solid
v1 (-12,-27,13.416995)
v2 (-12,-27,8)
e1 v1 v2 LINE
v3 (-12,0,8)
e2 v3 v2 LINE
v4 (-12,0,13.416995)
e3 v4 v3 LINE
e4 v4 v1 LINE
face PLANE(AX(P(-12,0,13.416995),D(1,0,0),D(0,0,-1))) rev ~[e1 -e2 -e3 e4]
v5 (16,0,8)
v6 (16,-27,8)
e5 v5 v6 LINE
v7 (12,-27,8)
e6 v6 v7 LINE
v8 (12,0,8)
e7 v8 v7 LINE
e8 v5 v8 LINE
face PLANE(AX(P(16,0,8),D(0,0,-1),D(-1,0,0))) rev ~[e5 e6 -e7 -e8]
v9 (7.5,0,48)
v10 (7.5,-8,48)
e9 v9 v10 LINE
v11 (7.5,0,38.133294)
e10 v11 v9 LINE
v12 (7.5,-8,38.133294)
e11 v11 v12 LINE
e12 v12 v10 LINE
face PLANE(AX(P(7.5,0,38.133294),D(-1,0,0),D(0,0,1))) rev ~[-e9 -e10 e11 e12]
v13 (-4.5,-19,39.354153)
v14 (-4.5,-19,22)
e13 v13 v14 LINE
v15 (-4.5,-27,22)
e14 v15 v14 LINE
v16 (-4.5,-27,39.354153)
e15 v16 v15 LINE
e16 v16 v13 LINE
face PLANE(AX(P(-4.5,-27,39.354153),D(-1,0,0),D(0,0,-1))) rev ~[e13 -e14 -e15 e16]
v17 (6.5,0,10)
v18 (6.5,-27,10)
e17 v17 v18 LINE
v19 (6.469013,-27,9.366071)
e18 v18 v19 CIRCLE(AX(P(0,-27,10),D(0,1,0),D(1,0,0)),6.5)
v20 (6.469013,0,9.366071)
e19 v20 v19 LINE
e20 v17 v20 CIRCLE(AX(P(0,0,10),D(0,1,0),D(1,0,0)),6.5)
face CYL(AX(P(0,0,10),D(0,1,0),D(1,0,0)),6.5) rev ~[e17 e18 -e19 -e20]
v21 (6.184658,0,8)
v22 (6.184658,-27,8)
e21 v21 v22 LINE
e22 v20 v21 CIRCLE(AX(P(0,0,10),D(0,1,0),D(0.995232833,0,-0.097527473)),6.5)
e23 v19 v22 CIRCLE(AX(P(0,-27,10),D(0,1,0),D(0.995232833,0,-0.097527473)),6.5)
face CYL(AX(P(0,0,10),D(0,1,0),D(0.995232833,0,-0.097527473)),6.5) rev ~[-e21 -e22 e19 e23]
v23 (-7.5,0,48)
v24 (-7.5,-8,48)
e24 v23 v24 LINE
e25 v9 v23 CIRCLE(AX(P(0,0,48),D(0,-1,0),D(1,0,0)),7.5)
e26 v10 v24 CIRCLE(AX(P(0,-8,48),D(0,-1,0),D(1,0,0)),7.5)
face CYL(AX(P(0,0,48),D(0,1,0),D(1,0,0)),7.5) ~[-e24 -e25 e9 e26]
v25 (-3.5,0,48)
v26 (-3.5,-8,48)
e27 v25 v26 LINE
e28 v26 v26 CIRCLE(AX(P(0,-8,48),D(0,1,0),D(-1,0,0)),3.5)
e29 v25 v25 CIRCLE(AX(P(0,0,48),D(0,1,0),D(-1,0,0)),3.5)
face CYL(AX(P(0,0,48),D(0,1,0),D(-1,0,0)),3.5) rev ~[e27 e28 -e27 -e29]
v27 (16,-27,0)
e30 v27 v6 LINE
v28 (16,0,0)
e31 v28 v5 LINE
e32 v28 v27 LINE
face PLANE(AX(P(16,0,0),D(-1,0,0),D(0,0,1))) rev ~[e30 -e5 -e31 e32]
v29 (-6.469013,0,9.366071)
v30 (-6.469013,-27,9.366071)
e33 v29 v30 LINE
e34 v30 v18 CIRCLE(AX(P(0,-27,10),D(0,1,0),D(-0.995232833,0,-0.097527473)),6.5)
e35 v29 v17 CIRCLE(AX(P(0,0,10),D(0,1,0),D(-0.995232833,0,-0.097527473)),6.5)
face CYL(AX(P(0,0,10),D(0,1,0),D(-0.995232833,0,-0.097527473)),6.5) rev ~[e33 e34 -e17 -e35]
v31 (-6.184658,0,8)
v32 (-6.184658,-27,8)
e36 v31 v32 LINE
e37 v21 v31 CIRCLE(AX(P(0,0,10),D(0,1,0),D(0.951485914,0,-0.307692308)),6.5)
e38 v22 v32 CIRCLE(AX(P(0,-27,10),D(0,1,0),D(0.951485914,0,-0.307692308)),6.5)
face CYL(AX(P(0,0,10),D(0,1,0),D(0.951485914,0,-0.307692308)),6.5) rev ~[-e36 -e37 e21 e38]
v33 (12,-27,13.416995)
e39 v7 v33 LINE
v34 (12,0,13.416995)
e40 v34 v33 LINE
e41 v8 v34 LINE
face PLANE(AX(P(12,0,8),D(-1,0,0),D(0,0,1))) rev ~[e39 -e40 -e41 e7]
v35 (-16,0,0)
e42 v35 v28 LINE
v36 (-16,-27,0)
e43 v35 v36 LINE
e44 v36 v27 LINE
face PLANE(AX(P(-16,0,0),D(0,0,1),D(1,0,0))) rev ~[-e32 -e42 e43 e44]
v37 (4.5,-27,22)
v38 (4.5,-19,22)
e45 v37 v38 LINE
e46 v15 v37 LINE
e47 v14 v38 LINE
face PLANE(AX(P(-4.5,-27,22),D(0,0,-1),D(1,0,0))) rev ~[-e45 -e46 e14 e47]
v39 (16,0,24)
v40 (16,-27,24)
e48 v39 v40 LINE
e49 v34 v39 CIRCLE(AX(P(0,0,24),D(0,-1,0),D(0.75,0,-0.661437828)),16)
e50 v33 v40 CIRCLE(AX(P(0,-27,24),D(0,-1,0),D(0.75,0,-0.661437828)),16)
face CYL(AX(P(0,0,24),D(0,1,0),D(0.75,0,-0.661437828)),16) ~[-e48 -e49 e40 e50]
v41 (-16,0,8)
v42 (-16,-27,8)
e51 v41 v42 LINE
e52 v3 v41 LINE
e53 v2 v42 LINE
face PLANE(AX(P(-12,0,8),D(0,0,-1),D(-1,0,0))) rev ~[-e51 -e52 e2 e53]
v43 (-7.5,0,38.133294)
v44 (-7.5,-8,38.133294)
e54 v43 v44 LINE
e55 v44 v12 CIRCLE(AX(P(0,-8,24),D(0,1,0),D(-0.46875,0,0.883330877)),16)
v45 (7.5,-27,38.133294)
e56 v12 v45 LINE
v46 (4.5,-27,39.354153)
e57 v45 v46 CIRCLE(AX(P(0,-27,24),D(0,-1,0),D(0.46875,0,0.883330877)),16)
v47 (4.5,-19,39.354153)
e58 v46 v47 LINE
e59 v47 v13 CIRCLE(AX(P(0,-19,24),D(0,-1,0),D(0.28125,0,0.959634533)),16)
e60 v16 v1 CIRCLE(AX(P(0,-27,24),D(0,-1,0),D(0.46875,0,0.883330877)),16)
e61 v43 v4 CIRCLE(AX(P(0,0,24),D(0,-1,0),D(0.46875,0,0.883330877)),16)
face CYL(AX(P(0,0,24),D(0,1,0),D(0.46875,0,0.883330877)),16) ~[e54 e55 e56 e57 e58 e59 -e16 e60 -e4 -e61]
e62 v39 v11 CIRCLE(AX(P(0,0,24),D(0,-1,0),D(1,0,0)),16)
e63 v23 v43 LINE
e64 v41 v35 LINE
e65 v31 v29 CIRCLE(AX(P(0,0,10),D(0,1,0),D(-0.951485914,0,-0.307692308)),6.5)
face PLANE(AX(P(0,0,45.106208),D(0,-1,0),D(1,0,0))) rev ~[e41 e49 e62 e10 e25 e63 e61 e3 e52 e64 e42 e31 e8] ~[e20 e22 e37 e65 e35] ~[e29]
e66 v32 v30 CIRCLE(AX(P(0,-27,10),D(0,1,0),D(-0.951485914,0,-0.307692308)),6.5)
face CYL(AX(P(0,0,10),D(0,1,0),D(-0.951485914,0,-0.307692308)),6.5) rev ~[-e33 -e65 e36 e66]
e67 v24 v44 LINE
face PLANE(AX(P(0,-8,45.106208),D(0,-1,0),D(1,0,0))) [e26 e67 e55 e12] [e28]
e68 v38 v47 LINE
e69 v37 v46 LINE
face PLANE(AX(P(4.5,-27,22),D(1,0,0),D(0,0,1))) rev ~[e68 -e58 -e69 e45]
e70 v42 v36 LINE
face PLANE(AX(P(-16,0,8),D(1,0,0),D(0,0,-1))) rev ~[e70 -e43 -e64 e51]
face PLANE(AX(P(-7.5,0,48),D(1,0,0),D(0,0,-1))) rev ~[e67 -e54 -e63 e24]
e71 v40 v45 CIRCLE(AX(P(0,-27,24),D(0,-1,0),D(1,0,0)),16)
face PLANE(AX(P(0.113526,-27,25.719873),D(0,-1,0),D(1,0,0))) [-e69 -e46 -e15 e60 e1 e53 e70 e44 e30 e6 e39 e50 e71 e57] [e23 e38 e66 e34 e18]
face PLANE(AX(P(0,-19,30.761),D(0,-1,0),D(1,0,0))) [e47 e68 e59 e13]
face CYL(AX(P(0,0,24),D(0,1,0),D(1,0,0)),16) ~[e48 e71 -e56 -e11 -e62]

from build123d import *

# Parameters (mm, degrees)
F1_DEPTH = 27
F2_DEPTH = 8
F4_DEPTH = 8


with BuildPart() as f1:
    # F0 (on Front) → F1 (new body)
    with BuildSketch(Plane.XZ):
        with BuildLine():
            ThreePointArc((-7.5, 38.1332940251), (-15.7412312858, 26.8659444529), (-12, 13.4169947557))
            Line((-12, 13.4169947557), (-12, 22))
            Line((-12, 22), (12, 22))
            Line((12, 22), (12, 13.4169947557))
            ThreePointArc((12, 13.4169947557), (14.9666295471, 18.3431457505), (16, 24))
            ThreePointArc((16, 24), (13.7113092008, 32.2462112512), (7.5, 38.1332940251))
            Line((7.5, 38.1332940251), (-7.5, 38.1332940251))
        make_face()
        with BuildLine():
            Line((-12, 22), (-12, 13.4169947557))
            ThreePointArc((-12, 13.4169947557), (-9.454026078, 11.091809154), (-6.4690134152, 9.3660714286))
            ThreePointArc((-6.4690134152, 9.3660714286), (-0.3173427178, 16.4922487321), (6.5, 10))
            ThreePointArc((6.5, 10), (6.4922487321, 9.6826572822), (6.4690134152, 9.3660714286))
            ThreePointArc((6.4690134152, 9.3660714286), (9.454026078, 11.091809154), (12, 13.4169947557))
            Line((12, 13.4169947557), (12, 22))
            Line((12, 22), (-12, 22))
        make_face()
        with BuildLine():
            ThreePointArc((7.5, 38.1332940251), (0, 40), (-7.5, 38.1332940251))
            Line((-7.5, 38.1332940251), (7.5, 38.1332940251))
        make_face()
        with BuildLine():
            Line((-12, 8), (-16, 8))
            Line((-16, 8), (-16, 0))
            Line((-16, 0), (16, 0))
            Line((16, 0), (16, 8))
            Line((16, 8), (12, 8))
            Line((12, 8), (6.1846584384, 8))
            ThreePointArc((6.1846584384, 8), (0, 3.5), (-6.1846584384, 8))
            Line((-6.1846584384, 8), (-12, 8))
        make_face()
        with BuildLine():
            ThreePointArc((6.4690134152, 9.3660714286), (6.3635988742, 8.6753833128), (6.1846584384, 8))
            Line((6.1846584384, 8), (12, 8))
            Line((12, 8), (12, 13.4169947557))
            ThreePointArc((12, 13.4169947557), (9.454026078, 11.091809154), (6.4690134152, 9.3660714286))
        make_face()
        with BuildLine():
            Line((-12, 13.4169947557), (-12, 8))
            Line((-12, 8), (-6.1846584384, 8))
            ThreePointArc((-6.1846584384, 8), (-6.3635988742, 8.6753833128), (-6.4690134152, 9.3660714286))
            ThreePointArc((-6.4690134152, 9.3660714286), (-9.454026078, 11.091809154), (-12, 13.4169947557))
        make_face()
    extrude(amount=F1_DEPTH)

    # F0 (on Front) → F2 (join)
    with BuildSketch(Plane.XZ):
        with BuildLine():
            Line((-3.5, 48), (-7.5, 48))
            ThreePointArc((-7.5, 48), (0, 40.5), (7.5, 48))
            Line((7.5, 48), (3.5, 48))
            ThreePointArc((3.5, 48), (0, 44.5), (-3.5, 48))
        make_face()
        with BuildLine():
            ThreePointArc((7.5, 48), (0, 55.5), (-7.5, 48))
            Line((-7.5, 48), (-3.5, 48))
            ThreePointArc((-3.5, 48), (0, 51.5), (3.5, 48))
            Line((3.5, 48), (7.5, 48))
        make_face()
        with BuildLine():
            Line((-7.5, 48), (-7.5, 38.1332940251))
            ThreePointArc((-7.5, 38.1332940251), (0, 40), (7.5, 38.1332940251))
            Line((7.5, 38.1332940251), (7.5, 48))
            ThreePointArc((7.5, 48), (0, 40.5), (-7.5, 48))
        make_face()
    extrude(amount=F2_DEPTH)

    # F3 (on face) → F4 (cut)
    with BuildSketch(Plane.XZ.offset(27)):
        with BuildLine():
            Line((-4.5, 39.3541525328), (-4.5, 22))
            Line((-4.5, 22), (4.5, 22))
            Line((4.5, 22), (4.5, 39.3541525328))
            ThreePointArc((4.5, 39.3541525328), (0, 40), (-4.5, 39.3541525328))
        make_face()
    extrude(amount=-F4_DEPTH, mode=Mode.SUBTRACT)


solid = f1.part
